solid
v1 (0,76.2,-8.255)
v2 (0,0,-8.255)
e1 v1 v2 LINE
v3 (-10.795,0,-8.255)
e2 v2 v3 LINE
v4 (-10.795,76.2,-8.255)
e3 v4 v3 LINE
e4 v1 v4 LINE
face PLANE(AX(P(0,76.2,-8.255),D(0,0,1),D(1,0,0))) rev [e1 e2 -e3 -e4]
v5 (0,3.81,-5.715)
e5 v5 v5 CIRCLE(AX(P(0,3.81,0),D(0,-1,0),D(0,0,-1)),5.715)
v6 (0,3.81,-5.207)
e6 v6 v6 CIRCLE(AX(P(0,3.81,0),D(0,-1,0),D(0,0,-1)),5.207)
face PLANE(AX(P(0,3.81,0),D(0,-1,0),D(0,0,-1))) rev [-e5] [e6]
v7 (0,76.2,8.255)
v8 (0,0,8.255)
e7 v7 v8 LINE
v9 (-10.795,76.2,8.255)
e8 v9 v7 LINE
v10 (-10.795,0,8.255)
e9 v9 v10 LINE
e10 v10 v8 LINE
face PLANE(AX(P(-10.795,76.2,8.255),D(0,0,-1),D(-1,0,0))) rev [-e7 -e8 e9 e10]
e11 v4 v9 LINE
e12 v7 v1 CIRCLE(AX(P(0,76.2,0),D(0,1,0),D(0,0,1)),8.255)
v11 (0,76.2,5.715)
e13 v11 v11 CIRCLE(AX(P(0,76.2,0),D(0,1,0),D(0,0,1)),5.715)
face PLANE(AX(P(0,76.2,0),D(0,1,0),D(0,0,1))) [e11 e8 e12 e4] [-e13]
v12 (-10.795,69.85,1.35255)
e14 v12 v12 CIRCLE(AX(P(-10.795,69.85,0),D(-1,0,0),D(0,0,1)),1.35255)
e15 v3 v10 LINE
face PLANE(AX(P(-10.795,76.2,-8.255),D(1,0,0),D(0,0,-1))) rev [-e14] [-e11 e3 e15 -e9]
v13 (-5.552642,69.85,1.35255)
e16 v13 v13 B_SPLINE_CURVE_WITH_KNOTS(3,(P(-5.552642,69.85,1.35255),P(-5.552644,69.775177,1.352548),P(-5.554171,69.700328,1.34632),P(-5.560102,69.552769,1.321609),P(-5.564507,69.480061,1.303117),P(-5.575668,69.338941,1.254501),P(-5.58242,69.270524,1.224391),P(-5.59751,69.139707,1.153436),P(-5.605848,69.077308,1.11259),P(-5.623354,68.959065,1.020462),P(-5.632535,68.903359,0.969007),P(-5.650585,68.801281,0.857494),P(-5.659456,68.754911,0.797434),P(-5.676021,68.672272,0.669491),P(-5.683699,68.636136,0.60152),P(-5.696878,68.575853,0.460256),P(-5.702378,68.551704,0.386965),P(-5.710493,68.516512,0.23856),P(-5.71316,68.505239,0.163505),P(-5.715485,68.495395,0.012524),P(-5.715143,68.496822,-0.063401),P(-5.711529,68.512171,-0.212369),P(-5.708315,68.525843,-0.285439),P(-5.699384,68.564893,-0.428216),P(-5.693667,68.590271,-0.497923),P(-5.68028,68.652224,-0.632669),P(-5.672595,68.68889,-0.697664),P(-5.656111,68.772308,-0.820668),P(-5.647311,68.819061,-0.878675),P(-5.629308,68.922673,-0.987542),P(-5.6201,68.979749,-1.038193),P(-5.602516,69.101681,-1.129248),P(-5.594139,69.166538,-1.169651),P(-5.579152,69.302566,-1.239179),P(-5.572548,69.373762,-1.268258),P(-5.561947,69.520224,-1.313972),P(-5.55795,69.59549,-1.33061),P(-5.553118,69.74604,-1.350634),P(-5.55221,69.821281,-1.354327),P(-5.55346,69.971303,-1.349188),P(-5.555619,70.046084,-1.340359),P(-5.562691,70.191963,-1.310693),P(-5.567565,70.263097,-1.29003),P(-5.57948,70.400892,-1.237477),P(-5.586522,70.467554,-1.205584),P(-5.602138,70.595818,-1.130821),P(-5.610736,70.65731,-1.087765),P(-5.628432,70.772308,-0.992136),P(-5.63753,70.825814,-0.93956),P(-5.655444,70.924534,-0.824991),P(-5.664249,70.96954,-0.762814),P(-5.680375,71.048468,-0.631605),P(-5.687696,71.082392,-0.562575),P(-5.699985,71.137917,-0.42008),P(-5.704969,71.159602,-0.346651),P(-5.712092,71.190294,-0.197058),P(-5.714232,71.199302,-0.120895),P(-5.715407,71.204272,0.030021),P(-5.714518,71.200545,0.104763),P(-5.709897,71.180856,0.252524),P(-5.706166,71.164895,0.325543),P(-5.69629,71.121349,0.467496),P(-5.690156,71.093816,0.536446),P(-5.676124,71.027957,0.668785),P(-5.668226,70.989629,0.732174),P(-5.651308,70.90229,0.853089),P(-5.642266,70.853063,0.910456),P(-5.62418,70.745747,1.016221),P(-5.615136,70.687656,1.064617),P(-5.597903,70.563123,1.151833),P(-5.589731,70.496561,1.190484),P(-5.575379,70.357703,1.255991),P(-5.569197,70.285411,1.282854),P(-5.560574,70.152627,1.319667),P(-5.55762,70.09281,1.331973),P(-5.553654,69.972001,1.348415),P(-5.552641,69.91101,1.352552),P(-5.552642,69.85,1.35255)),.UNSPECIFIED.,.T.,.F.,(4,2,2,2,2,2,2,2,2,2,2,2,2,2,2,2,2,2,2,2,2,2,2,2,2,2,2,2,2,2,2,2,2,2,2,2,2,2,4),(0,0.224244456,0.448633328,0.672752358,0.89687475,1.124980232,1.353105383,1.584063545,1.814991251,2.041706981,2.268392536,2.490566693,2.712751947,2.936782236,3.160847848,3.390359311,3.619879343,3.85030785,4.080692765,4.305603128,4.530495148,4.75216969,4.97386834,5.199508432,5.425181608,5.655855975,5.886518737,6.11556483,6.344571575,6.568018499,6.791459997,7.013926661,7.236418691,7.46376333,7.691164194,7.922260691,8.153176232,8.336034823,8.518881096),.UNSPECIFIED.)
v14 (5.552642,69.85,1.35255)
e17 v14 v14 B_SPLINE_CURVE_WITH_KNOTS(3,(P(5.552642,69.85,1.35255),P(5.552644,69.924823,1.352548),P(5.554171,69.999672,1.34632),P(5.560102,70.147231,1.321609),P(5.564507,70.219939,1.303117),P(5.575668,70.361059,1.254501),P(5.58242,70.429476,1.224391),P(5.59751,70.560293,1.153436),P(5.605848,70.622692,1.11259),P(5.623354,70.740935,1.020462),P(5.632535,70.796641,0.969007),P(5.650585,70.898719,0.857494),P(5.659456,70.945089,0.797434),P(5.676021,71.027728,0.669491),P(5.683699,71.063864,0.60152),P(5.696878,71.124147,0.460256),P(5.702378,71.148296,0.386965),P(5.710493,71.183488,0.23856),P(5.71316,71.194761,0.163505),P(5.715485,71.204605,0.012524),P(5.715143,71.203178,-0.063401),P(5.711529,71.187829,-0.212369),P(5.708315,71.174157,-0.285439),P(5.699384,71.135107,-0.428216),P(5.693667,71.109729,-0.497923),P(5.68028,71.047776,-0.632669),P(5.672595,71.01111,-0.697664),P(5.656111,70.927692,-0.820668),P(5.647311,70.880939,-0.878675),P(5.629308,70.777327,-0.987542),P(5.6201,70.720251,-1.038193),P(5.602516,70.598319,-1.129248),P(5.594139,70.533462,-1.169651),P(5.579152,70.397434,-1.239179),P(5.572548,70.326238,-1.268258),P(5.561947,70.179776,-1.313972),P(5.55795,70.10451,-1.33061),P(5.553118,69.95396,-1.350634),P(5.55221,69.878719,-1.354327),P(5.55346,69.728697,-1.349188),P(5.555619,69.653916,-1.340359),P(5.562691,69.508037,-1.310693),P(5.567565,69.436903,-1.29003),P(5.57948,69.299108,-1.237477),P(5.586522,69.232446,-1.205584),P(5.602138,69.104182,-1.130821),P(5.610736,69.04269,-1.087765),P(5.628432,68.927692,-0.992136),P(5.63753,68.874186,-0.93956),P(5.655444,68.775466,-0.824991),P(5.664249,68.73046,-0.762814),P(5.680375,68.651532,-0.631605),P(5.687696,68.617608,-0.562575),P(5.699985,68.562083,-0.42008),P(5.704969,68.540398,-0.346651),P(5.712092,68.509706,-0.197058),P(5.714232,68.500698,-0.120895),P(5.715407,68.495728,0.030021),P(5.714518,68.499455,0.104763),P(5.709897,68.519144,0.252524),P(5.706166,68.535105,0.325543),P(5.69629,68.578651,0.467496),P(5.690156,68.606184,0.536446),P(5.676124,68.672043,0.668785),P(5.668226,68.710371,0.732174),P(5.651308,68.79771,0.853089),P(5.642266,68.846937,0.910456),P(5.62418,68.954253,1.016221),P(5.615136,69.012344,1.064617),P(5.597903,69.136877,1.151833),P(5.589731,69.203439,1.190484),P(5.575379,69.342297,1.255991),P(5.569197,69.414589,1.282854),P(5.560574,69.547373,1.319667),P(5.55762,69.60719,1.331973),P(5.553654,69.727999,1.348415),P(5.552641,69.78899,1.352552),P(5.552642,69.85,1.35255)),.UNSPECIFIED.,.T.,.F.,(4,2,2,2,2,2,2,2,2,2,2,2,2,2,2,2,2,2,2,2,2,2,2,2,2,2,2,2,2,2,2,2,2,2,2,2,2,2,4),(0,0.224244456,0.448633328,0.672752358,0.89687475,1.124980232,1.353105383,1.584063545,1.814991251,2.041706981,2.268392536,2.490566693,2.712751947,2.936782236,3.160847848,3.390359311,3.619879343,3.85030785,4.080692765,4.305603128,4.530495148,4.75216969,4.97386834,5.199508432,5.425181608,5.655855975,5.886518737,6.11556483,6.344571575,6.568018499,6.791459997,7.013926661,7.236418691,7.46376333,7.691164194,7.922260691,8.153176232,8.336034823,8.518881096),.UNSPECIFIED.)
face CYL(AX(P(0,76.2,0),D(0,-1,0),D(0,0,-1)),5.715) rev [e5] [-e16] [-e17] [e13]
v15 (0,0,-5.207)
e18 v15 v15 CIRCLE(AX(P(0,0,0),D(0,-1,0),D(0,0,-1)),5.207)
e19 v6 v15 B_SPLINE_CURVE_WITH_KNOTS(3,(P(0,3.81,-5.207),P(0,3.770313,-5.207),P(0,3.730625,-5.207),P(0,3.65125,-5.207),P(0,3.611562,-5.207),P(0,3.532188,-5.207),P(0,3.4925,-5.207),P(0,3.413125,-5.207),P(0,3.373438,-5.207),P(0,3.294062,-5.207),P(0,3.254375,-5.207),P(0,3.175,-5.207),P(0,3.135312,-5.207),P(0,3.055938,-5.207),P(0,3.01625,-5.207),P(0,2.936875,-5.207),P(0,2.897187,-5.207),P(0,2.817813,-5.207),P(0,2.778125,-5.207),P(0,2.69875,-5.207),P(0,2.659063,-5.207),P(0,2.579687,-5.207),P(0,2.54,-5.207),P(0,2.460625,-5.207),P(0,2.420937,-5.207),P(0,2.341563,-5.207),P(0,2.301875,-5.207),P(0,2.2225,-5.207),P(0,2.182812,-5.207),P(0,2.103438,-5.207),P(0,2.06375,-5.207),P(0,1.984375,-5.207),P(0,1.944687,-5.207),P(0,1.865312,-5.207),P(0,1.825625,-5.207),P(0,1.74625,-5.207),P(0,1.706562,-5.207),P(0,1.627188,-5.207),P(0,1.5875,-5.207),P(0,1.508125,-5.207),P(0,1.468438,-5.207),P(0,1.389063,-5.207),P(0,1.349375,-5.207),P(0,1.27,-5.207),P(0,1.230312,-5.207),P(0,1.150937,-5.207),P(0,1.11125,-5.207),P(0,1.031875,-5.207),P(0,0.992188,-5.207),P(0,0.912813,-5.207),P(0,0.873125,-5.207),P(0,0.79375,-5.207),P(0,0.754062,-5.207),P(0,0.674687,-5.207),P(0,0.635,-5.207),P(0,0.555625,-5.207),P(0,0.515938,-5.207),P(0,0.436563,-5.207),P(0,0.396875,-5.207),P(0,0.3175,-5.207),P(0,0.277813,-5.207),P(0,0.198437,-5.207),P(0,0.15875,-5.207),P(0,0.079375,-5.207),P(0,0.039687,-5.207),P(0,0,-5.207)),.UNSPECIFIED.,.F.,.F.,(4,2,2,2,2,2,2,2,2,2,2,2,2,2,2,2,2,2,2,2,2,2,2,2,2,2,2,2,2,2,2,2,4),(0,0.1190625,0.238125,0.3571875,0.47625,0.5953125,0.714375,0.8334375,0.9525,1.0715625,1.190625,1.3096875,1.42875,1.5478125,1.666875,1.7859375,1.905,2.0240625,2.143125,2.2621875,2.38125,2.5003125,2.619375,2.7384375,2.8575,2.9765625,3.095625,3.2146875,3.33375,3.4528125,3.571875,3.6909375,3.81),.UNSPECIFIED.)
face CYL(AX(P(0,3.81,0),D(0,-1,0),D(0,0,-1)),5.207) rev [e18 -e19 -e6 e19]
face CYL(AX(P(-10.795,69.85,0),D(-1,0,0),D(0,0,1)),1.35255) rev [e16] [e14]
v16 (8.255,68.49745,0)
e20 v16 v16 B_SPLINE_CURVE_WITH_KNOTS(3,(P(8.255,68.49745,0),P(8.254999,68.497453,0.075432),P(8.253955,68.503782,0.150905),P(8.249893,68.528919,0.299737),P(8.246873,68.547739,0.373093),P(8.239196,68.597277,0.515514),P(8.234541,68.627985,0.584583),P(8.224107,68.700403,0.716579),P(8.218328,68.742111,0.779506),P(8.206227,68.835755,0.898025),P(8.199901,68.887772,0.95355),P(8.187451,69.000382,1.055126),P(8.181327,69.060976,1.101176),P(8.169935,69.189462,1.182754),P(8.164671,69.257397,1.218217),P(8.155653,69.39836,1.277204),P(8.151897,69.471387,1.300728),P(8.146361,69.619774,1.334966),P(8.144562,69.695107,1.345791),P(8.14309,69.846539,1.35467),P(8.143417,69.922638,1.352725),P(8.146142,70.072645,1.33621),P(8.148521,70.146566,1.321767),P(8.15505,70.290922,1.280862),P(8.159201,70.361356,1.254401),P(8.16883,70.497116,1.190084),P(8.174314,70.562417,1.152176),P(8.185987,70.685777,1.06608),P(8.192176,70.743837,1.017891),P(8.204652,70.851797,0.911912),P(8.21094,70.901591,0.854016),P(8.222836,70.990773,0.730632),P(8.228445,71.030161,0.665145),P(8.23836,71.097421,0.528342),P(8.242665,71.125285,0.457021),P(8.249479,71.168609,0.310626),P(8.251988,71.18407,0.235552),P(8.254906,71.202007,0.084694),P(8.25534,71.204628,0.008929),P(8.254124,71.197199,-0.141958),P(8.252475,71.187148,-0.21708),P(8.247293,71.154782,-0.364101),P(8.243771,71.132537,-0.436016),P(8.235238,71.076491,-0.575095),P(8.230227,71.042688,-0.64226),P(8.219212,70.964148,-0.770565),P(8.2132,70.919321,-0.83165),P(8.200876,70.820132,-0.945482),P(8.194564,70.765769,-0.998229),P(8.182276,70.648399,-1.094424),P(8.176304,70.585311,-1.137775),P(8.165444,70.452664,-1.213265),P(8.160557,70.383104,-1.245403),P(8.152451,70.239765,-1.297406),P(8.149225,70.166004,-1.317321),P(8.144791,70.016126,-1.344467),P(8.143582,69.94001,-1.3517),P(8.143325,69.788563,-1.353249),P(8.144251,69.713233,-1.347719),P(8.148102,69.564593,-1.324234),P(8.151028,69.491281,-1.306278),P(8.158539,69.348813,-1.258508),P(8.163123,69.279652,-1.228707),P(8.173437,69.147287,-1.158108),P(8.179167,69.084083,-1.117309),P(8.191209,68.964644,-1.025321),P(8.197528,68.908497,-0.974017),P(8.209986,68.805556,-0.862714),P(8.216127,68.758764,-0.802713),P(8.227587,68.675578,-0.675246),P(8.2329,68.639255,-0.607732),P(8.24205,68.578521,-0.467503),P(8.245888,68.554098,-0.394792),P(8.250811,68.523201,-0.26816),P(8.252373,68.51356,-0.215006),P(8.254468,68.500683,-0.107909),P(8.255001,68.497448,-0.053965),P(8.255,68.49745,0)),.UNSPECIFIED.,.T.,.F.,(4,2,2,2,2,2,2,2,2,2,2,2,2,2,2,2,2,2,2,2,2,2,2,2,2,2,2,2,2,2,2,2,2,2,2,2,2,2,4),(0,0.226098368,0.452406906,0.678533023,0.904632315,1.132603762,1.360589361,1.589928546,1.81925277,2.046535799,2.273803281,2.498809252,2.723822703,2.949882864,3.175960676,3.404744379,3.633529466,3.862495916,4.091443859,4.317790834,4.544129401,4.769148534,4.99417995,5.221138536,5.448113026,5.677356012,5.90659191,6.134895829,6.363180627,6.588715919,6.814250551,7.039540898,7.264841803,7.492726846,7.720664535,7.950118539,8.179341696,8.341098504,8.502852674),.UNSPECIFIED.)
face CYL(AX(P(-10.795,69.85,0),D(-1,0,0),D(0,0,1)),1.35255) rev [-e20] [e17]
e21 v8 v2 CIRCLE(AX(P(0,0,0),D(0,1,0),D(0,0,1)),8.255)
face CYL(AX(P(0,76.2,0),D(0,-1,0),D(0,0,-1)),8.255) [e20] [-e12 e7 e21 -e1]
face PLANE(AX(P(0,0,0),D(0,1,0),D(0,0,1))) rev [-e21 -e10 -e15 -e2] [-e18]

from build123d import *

# Parameters (mm, degrees)
SKETCH1_R             = 5.715
BOSS_EXTRUDE1_DEPTH   = 76.2
SKETCH4_R             = 5.715
SKETCH4_R_2           = 5.207
BOSS_EXTRUDE2_DEPTH   = 3.81
F_6_32_TAPPED_HOLE1_D = 2.7051


with BuildPart() as part:
    # Sketch1 → Boss-Extrude1 (new body)
    with BuildSketch(Plane(origin=(0, 0, 0), x_dir=(1, 0, 0), z_dir=(0, 1, 0))):
        with BuildLine():
            Line((0, 8.255), (-10.795, 8.255))
            Line((-10.795, 8.255), (-10.795, -8.255))
            Line((-10.795, -8.255), (0, -8.255))
            ThreePointArc((0, -8.255), (8.255, 0), (0, 8.255))
        make_face()
        with Locations(Location((0, 0, 0), (0, 0, 90))):
            Circle(SKETCH1_R, mode=Mode.SUBTRACT)
    extrude(amount=BOSS_EXTRUDE1_DEPTH)

    # Sketch4 → Boss-Extrude2 (add)
    with BuildSketch(Plane.XZ):
        with Locations(Location((0, 0, 0), (0, 0, 270))):
            Circle(SKETCH4_R)
        with Locations(Location((0, 0, 0), (0, 0, 270))):
            Circle(SKETCH4_R_2, mode=Mode.SUBTRACT)
    extrude(amount=-BOSS_EXTRUDE2_DEPTH)

    # #6-32 Tapped Hole1 (through all)
    with Locations(Plane.ZY.offset(10.795)):
        with Locations((0, 69.85)):
            Hole(F_6_32_TAPPED_HOLE1_D / 2)


solid = part.part
